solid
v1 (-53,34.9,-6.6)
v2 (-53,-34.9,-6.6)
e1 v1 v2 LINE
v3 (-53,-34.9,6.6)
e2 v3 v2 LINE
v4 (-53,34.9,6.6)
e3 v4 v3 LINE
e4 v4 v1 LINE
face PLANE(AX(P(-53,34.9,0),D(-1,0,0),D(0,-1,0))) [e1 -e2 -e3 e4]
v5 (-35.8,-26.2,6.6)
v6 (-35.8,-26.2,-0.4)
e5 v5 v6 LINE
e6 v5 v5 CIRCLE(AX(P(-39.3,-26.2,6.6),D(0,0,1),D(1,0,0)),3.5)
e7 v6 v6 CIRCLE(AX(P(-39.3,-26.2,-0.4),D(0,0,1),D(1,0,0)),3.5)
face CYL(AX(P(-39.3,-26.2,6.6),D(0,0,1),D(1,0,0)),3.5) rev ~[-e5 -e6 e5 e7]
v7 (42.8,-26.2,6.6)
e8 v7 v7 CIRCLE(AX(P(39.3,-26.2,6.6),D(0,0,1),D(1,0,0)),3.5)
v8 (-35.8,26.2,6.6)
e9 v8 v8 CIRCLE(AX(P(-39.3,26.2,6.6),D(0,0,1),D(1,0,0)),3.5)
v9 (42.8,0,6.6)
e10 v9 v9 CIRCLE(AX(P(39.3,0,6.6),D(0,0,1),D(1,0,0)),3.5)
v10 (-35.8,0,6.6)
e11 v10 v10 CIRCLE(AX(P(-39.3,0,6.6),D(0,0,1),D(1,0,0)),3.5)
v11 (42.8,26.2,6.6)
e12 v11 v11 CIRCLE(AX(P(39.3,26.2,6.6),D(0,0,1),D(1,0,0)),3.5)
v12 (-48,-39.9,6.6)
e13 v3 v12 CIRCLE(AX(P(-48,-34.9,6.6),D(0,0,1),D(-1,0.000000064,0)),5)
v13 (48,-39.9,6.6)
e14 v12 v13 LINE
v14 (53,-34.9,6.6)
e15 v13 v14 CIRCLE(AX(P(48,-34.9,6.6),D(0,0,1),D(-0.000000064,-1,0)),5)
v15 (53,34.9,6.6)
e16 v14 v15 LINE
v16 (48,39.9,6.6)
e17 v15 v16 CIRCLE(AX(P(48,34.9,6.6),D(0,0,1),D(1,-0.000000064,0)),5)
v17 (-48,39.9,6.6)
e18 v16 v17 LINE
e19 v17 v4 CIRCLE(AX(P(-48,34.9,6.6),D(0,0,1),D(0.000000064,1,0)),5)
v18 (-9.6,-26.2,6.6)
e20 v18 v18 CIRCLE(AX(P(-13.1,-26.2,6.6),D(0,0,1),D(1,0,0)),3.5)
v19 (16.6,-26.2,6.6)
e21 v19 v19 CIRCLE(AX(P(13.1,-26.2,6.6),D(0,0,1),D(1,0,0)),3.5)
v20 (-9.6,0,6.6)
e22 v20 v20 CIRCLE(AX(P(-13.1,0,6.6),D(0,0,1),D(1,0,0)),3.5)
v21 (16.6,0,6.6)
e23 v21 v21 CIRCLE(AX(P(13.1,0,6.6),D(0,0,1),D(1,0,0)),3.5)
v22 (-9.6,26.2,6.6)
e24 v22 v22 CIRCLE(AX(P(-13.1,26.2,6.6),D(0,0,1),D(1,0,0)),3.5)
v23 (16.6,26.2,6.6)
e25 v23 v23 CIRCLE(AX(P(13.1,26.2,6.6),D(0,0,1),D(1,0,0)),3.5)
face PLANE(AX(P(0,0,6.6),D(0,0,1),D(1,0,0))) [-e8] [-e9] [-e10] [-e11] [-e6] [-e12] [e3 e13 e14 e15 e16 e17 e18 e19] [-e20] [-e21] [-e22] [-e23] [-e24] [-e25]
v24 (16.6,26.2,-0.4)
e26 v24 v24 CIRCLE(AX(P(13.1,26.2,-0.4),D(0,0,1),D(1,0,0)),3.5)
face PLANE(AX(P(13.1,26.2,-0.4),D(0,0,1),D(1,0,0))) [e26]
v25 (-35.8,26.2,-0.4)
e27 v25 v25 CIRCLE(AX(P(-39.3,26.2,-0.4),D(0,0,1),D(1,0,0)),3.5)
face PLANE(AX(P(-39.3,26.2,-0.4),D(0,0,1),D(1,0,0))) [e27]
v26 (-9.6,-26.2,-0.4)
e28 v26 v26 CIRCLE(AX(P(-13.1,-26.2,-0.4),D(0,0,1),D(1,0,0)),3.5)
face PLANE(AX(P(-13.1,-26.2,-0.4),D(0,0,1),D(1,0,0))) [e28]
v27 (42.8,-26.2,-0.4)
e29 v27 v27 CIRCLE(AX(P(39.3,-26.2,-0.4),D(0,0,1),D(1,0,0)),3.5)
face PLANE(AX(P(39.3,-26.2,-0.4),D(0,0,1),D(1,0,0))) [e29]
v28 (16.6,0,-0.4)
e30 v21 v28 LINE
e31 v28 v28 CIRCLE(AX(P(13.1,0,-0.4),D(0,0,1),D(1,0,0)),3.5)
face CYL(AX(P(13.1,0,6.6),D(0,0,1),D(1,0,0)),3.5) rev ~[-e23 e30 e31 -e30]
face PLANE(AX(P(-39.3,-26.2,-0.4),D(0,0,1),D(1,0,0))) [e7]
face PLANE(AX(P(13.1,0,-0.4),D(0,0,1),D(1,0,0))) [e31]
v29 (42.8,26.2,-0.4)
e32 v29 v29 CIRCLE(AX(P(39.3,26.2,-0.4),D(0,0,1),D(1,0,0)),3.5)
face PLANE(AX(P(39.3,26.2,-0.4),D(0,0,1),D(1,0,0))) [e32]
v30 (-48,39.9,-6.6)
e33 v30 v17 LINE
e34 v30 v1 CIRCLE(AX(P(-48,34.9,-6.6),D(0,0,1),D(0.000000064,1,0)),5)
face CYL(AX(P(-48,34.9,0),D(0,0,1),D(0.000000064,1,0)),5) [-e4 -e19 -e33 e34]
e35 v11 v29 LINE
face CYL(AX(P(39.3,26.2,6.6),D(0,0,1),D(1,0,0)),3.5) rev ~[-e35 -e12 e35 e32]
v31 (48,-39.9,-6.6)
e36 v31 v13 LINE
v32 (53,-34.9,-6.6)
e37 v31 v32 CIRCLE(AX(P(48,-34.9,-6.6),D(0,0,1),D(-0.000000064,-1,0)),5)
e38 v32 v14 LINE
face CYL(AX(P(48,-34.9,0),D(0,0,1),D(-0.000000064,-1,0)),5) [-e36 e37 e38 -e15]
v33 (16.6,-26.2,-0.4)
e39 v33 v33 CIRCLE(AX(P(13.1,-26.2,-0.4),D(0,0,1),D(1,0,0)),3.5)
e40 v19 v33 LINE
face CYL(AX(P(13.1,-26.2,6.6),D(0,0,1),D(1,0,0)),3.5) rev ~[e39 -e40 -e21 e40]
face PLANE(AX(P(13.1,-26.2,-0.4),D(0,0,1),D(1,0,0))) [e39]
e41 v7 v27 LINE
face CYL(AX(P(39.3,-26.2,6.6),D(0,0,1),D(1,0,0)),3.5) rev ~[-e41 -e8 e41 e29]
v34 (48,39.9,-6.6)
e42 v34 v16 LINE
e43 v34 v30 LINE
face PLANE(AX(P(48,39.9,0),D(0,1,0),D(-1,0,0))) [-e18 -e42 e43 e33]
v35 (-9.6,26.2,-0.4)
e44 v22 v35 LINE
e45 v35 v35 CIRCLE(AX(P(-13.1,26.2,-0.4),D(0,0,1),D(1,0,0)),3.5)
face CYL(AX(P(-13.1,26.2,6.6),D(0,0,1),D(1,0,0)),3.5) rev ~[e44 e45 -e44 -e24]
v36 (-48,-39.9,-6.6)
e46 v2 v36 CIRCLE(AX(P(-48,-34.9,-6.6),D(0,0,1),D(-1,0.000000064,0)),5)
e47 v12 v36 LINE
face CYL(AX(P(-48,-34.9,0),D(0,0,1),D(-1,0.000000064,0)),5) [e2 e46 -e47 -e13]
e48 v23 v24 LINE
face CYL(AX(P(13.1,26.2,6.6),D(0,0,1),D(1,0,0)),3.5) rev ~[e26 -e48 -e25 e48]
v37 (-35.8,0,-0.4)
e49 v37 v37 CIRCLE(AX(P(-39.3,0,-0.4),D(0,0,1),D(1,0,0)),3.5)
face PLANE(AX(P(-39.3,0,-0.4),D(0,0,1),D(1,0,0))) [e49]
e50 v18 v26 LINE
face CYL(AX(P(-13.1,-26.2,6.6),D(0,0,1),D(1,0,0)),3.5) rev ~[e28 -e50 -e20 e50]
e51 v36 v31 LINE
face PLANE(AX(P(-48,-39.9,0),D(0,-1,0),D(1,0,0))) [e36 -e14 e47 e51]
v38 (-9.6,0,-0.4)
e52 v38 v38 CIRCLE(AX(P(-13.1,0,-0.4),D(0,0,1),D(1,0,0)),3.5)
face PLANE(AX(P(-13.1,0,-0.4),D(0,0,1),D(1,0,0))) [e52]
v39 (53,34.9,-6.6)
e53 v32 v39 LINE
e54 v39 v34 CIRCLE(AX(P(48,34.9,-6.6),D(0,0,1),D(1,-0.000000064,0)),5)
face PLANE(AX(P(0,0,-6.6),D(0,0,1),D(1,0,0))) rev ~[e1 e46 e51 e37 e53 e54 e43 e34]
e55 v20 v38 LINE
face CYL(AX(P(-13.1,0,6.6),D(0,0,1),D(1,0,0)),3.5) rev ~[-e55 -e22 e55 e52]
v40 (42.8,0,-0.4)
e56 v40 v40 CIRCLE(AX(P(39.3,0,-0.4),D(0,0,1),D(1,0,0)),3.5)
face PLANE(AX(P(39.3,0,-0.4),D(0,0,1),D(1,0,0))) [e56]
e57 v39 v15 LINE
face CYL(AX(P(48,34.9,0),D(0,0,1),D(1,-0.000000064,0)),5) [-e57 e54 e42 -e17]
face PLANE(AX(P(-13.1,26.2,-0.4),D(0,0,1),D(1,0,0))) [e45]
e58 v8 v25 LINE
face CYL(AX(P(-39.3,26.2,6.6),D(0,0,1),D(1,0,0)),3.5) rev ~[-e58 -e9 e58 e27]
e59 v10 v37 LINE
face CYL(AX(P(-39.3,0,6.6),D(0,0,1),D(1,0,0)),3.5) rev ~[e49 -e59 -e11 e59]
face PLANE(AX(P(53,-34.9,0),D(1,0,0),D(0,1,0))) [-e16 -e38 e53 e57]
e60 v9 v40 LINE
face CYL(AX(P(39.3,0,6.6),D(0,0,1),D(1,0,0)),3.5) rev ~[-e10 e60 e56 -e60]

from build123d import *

# Parameters (mm, degrees)
F2_DEPTH = 6.6
F4_R     = 3.5
F5_DEPTH = 7


with BuildPart() as f2:
    # F0 (on Top) → F2 (new body, symmetric)
    with BuildSketch(Plane.XY):
        with BuildLine():
            Line((-48, -39.9), (48, -39.9))
            ThreePointArc((48, -39.9), (51.535534, -38.435534), (53, -34.9))
            Line((53, -34.9), (53, 34.9))
            ThreePointArc((53, 34.9), (51.535534, 38.435534), (48, 39.9))
            Line((48, 39.9), (-48, 39.9))
            ThreePointArc((-48, 39.9), (-51.535534, 38.435534), (-53, 34.9))
            Line((-53, 34.9), (-53, -34.9))
            ThreePointArc((-53, -34.9), (-51.535534, -38.435534), (-48, -39.9))
        make_face()
    extrude(amount=F2_DEPTH, both=True)

    # F4 (on face) → F5 (cut)
    with BuildSketch(Plane.XY.offset(6.6)):
        with Locations((-39.3, 26.2)):
            Circle(F4_R)
        with Locations((-13.1, 26.2)):
            Circle(F4_R)
        with Locations((13.1, 26.2)):
            Circle(F4_R)
        with Locations((39.3, 26.2)):
            Circle(F4_R)
        with Locations((39.3, 0)):
            Circle(F4_R)
        with Locations((13.1, 0)):
            Circle(F4_R)
        with Locations((-13.1, 0)):
            Circle(F4_R)
        with Locations((-39.3, 0)):
            Circle(F4_R)
        with Locations((-39.3, -26.2)):
            Circle(F4_R)
        with Locations((-13.1, -26.2)):
            Circle(F4_R)
        with Locations((13.1, -26.2)):
            Circle(F4_R)
        with Locations((39.3, -26.2)):
            Circle(F4_R)
    extrude(amount=-F5_DEPTH, mode=Mode.SUBTRACT)


solid = f2.part
